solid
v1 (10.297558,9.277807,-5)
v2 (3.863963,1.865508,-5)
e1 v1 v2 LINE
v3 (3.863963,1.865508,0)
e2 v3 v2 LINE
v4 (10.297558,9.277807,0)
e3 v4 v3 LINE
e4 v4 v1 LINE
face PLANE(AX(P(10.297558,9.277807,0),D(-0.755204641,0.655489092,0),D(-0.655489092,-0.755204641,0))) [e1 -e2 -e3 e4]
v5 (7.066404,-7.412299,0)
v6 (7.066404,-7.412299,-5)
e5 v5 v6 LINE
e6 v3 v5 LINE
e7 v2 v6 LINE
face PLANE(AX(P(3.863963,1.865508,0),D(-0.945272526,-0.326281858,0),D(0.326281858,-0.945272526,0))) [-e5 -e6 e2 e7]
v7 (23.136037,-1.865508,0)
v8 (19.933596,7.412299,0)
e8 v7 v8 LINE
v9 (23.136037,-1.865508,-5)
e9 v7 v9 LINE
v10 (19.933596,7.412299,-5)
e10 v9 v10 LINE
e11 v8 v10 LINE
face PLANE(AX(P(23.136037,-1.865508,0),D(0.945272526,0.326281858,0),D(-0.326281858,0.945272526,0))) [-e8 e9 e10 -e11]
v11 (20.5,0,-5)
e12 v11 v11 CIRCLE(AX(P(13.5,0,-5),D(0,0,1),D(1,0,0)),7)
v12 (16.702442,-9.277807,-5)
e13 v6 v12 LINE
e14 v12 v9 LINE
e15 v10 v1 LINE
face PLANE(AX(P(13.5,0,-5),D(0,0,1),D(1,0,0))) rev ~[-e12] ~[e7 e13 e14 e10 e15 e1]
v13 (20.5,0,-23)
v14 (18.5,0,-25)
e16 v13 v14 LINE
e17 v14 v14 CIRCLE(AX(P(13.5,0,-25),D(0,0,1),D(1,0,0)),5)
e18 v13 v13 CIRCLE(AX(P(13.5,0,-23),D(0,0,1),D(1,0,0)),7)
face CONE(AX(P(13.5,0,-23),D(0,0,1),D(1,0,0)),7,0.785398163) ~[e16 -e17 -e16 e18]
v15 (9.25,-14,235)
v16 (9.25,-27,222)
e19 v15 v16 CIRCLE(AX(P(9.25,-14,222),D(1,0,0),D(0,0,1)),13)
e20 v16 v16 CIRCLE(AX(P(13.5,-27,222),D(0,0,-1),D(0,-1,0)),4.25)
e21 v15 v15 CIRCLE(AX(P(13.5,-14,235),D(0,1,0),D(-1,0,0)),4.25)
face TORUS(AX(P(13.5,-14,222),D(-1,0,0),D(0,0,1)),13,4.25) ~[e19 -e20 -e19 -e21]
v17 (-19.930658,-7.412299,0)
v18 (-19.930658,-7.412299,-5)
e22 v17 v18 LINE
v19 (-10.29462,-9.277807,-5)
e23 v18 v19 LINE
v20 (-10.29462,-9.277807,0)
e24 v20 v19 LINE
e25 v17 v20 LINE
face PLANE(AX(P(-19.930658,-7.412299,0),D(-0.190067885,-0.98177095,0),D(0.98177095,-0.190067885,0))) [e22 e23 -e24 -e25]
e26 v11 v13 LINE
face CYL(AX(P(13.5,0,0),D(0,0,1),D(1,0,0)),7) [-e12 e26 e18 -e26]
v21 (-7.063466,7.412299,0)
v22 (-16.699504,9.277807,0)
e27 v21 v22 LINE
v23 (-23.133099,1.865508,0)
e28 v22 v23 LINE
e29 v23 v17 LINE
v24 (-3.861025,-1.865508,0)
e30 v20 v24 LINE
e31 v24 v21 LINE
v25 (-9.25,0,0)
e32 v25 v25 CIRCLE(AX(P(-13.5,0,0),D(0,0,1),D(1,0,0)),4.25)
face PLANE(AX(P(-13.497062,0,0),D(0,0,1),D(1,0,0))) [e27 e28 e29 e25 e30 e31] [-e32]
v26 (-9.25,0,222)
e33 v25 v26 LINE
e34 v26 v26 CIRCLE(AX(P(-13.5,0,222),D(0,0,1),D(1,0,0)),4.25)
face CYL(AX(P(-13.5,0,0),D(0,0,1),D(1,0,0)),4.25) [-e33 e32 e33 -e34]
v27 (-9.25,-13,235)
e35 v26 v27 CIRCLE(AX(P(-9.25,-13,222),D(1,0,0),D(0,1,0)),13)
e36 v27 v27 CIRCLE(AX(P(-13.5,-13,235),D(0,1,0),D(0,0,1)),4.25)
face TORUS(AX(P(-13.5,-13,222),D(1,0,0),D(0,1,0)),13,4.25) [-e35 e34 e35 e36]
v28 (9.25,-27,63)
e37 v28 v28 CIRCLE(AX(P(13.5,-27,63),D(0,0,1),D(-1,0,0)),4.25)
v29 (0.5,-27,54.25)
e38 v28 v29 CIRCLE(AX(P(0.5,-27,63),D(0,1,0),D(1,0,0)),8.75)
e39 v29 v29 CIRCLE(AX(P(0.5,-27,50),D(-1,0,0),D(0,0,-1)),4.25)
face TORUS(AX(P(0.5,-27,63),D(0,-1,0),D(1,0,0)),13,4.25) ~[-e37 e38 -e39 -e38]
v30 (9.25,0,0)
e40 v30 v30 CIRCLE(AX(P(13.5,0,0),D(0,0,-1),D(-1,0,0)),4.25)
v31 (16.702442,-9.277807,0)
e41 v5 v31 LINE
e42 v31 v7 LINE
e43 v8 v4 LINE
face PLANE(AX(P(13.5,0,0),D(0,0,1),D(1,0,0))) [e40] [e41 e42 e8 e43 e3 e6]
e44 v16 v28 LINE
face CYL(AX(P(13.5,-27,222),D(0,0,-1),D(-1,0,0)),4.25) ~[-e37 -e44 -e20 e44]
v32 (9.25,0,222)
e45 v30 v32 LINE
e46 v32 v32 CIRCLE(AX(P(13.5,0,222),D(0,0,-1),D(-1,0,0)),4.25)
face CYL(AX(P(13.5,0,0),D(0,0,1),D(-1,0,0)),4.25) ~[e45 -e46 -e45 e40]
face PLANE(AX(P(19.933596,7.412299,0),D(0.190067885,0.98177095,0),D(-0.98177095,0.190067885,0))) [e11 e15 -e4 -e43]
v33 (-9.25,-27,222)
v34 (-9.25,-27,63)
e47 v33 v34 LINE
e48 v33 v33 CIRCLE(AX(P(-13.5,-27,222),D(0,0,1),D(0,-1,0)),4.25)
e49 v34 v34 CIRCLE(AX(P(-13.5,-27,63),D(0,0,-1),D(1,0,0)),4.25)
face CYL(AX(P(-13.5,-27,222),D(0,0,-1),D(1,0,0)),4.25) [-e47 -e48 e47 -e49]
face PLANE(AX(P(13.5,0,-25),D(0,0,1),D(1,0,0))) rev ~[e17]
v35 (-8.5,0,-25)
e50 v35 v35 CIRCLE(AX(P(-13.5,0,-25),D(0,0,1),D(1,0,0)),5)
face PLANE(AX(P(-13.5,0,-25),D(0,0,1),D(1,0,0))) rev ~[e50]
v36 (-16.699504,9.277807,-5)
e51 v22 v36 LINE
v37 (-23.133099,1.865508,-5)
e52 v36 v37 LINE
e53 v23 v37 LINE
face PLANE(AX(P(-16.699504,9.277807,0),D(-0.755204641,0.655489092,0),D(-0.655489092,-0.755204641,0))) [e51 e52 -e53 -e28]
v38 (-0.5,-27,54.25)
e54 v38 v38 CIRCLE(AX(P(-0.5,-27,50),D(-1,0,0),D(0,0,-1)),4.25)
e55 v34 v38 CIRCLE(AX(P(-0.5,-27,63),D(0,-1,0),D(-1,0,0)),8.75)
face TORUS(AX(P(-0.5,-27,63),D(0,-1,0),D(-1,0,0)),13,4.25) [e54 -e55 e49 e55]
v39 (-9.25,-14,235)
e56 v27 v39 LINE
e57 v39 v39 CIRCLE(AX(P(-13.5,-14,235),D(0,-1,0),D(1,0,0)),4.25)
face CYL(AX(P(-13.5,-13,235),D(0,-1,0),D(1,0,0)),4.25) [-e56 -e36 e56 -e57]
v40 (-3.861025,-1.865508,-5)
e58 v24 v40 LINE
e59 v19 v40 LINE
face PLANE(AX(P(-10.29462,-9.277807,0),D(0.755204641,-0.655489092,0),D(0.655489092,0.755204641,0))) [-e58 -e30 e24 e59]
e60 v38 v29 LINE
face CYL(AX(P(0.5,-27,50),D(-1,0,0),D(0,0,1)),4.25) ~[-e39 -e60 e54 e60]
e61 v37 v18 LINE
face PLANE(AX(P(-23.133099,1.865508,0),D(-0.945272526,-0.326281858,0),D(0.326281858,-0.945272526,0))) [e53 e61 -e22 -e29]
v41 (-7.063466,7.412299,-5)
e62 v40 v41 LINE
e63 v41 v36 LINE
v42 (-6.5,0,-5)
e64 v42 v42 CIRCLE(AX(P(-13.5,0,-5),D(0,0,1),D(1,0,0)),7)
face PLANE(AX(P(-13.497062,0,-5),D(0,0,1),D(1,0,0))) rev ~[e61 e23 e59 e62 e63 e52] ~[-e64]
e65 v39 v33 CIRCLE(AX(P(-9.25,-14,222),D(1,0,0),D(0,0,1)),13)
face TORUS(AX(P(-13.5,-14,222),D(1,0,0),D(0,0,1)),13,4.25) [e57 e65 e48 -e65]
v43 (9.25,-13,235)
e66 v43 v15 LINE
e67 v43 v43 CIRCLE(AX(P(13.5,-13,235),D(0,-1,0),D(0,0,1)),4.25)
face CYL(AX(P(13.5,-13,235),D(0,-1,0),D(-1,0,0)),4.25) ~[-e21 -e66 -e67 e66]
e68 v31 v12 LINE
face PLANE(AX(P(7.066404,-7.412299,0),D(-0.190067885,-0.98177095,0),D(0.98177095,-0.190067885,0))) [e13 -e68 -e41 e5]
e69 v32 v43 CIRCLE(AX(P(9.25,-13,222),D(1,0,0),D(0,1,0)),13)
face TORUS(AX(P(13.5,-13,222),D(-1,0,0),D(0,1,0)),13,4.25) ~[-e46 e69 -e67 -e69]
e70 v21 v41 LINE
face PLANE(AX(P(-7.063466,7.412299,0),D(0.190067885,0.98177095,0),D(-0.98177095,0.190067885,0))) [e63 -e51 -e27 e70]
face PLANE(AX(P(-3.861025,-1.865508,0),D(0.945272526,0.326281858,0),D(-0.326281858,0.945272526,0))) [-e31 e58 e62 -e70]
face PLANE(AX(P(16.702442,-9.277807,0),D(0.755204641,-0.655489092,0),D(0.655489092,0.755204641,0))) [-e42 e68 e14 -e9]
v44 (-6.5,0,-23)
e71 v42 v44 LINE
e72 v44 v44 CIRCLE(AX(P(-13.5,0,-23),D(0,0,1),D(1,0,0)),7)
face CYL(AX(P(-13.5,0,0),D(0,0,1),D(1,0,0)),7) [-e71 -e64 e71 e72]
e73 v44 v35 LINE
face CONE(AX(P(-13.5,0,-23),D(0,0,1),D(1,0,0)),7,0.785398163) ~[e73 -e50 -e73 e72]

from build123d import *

# Parameters (mm, degrees)
F3_R      = 4.25
F6_FACE_R = 4.25
F10_DEPTH = 5
F11_R     = 7
F12_DEPTH = 25
F13_SIZE  = 2


with BuildPart() as f6:
    # F6: sweep along a path in F0
    with BuildLine(Plane.XZ) as f6_path:
        Line((-13.5, 0), (-13.5, 222))
    # F3 (on Top) → F6 (sweep)
    with BuildSketch(Plane.XY):
        with Locations((-13.5, 0)):
            Circle(F3_R)
    sweep(path=f6_path.line)

    # F7: sweep along a path in F2, F5
    with BuildLine(Plane(origin=(-13.5, 0, 0), x_dir=(0, -1, 0), z_dir=(-1, 0, 0))) as f7_path:
        ThreePointArc((0, 222), (3.8076118446, 231.1923881554), (13, 235))
        Line((13, 235), (14, 235))
        ThreePointArc((14, 235), (23.1923881554, 231.1923881554), (27, 222))
        Line((27, 222), (27, 68.6373621219))
    with BuildLine(Plane(origin=(0, -27, 0), x_dir=(-1, 0, 0), z_dir=(0, 1, 0))) as f7_path_2:
        Line((13.5, 68.6373621219), (13.5, 63))
        ThreePointArc((13.5, 63), (9.6923881554, 53.8076118446), (0.5, 50))
        Line((0.5, 50), (0, 50))
    # F6_face (on face) → F7 (sweep)
    with BuildSketch(Plane(origin=(-13.5, 0, 222), x_dir=(1, 0, 0), z_dir=(0, 0, 1))):
        Circle(F6_FACE_R)
    sweep(path=f7_path.line + f7_path_2.line)

    # F8: F6 across plane


with BuildPart() as f6_1:
    add(f6.part)
    add(f6.part.mirror(Plane.YZ))

    # F9 (on Top) → F10 (join)
    with BuildSketch(Plane.XY):
        Polygon((-7.0634663631, 7.4122992493), (-16.6995036456, 9.2778069077), (-23.13309931, 1.8655076584), (-19.9306576918, -7.4122992493), (-10.2946204093, -9.2778069077), (-3.861024745, -1.8655076584), align=None)
        Polygon((19.9335956644, 7.4122992493), (10.2975583819, 9.2778069077), (3.8639627175, 1.8655076584), (7.0664043356, -7.4122992493), (16.7024416181, -9.2778069077), (23.1360372825, -1.8655076584), align=None)
    extrude(amount=-F10_DEPTH)

    # F11 (on Top) → F12 (join)
    with BuildSketch(Plane.XY):
        with Locations((-13.5, 0)):
            Circle(F11_R)
        with Locations((13.5, 0)):
            Circle(F11_R)
    extrude(amount=-F12_DEPTH)

    # F13
    f13_edges = [f6_1.edges().sort_by_distance(p)[0] for p in [
        (-20.5, 0, -25),
        (6.5, 0, -25),
    ]]
    chamfer(f13_edges, length=F13_SIZE)


solid = f6_1.part
